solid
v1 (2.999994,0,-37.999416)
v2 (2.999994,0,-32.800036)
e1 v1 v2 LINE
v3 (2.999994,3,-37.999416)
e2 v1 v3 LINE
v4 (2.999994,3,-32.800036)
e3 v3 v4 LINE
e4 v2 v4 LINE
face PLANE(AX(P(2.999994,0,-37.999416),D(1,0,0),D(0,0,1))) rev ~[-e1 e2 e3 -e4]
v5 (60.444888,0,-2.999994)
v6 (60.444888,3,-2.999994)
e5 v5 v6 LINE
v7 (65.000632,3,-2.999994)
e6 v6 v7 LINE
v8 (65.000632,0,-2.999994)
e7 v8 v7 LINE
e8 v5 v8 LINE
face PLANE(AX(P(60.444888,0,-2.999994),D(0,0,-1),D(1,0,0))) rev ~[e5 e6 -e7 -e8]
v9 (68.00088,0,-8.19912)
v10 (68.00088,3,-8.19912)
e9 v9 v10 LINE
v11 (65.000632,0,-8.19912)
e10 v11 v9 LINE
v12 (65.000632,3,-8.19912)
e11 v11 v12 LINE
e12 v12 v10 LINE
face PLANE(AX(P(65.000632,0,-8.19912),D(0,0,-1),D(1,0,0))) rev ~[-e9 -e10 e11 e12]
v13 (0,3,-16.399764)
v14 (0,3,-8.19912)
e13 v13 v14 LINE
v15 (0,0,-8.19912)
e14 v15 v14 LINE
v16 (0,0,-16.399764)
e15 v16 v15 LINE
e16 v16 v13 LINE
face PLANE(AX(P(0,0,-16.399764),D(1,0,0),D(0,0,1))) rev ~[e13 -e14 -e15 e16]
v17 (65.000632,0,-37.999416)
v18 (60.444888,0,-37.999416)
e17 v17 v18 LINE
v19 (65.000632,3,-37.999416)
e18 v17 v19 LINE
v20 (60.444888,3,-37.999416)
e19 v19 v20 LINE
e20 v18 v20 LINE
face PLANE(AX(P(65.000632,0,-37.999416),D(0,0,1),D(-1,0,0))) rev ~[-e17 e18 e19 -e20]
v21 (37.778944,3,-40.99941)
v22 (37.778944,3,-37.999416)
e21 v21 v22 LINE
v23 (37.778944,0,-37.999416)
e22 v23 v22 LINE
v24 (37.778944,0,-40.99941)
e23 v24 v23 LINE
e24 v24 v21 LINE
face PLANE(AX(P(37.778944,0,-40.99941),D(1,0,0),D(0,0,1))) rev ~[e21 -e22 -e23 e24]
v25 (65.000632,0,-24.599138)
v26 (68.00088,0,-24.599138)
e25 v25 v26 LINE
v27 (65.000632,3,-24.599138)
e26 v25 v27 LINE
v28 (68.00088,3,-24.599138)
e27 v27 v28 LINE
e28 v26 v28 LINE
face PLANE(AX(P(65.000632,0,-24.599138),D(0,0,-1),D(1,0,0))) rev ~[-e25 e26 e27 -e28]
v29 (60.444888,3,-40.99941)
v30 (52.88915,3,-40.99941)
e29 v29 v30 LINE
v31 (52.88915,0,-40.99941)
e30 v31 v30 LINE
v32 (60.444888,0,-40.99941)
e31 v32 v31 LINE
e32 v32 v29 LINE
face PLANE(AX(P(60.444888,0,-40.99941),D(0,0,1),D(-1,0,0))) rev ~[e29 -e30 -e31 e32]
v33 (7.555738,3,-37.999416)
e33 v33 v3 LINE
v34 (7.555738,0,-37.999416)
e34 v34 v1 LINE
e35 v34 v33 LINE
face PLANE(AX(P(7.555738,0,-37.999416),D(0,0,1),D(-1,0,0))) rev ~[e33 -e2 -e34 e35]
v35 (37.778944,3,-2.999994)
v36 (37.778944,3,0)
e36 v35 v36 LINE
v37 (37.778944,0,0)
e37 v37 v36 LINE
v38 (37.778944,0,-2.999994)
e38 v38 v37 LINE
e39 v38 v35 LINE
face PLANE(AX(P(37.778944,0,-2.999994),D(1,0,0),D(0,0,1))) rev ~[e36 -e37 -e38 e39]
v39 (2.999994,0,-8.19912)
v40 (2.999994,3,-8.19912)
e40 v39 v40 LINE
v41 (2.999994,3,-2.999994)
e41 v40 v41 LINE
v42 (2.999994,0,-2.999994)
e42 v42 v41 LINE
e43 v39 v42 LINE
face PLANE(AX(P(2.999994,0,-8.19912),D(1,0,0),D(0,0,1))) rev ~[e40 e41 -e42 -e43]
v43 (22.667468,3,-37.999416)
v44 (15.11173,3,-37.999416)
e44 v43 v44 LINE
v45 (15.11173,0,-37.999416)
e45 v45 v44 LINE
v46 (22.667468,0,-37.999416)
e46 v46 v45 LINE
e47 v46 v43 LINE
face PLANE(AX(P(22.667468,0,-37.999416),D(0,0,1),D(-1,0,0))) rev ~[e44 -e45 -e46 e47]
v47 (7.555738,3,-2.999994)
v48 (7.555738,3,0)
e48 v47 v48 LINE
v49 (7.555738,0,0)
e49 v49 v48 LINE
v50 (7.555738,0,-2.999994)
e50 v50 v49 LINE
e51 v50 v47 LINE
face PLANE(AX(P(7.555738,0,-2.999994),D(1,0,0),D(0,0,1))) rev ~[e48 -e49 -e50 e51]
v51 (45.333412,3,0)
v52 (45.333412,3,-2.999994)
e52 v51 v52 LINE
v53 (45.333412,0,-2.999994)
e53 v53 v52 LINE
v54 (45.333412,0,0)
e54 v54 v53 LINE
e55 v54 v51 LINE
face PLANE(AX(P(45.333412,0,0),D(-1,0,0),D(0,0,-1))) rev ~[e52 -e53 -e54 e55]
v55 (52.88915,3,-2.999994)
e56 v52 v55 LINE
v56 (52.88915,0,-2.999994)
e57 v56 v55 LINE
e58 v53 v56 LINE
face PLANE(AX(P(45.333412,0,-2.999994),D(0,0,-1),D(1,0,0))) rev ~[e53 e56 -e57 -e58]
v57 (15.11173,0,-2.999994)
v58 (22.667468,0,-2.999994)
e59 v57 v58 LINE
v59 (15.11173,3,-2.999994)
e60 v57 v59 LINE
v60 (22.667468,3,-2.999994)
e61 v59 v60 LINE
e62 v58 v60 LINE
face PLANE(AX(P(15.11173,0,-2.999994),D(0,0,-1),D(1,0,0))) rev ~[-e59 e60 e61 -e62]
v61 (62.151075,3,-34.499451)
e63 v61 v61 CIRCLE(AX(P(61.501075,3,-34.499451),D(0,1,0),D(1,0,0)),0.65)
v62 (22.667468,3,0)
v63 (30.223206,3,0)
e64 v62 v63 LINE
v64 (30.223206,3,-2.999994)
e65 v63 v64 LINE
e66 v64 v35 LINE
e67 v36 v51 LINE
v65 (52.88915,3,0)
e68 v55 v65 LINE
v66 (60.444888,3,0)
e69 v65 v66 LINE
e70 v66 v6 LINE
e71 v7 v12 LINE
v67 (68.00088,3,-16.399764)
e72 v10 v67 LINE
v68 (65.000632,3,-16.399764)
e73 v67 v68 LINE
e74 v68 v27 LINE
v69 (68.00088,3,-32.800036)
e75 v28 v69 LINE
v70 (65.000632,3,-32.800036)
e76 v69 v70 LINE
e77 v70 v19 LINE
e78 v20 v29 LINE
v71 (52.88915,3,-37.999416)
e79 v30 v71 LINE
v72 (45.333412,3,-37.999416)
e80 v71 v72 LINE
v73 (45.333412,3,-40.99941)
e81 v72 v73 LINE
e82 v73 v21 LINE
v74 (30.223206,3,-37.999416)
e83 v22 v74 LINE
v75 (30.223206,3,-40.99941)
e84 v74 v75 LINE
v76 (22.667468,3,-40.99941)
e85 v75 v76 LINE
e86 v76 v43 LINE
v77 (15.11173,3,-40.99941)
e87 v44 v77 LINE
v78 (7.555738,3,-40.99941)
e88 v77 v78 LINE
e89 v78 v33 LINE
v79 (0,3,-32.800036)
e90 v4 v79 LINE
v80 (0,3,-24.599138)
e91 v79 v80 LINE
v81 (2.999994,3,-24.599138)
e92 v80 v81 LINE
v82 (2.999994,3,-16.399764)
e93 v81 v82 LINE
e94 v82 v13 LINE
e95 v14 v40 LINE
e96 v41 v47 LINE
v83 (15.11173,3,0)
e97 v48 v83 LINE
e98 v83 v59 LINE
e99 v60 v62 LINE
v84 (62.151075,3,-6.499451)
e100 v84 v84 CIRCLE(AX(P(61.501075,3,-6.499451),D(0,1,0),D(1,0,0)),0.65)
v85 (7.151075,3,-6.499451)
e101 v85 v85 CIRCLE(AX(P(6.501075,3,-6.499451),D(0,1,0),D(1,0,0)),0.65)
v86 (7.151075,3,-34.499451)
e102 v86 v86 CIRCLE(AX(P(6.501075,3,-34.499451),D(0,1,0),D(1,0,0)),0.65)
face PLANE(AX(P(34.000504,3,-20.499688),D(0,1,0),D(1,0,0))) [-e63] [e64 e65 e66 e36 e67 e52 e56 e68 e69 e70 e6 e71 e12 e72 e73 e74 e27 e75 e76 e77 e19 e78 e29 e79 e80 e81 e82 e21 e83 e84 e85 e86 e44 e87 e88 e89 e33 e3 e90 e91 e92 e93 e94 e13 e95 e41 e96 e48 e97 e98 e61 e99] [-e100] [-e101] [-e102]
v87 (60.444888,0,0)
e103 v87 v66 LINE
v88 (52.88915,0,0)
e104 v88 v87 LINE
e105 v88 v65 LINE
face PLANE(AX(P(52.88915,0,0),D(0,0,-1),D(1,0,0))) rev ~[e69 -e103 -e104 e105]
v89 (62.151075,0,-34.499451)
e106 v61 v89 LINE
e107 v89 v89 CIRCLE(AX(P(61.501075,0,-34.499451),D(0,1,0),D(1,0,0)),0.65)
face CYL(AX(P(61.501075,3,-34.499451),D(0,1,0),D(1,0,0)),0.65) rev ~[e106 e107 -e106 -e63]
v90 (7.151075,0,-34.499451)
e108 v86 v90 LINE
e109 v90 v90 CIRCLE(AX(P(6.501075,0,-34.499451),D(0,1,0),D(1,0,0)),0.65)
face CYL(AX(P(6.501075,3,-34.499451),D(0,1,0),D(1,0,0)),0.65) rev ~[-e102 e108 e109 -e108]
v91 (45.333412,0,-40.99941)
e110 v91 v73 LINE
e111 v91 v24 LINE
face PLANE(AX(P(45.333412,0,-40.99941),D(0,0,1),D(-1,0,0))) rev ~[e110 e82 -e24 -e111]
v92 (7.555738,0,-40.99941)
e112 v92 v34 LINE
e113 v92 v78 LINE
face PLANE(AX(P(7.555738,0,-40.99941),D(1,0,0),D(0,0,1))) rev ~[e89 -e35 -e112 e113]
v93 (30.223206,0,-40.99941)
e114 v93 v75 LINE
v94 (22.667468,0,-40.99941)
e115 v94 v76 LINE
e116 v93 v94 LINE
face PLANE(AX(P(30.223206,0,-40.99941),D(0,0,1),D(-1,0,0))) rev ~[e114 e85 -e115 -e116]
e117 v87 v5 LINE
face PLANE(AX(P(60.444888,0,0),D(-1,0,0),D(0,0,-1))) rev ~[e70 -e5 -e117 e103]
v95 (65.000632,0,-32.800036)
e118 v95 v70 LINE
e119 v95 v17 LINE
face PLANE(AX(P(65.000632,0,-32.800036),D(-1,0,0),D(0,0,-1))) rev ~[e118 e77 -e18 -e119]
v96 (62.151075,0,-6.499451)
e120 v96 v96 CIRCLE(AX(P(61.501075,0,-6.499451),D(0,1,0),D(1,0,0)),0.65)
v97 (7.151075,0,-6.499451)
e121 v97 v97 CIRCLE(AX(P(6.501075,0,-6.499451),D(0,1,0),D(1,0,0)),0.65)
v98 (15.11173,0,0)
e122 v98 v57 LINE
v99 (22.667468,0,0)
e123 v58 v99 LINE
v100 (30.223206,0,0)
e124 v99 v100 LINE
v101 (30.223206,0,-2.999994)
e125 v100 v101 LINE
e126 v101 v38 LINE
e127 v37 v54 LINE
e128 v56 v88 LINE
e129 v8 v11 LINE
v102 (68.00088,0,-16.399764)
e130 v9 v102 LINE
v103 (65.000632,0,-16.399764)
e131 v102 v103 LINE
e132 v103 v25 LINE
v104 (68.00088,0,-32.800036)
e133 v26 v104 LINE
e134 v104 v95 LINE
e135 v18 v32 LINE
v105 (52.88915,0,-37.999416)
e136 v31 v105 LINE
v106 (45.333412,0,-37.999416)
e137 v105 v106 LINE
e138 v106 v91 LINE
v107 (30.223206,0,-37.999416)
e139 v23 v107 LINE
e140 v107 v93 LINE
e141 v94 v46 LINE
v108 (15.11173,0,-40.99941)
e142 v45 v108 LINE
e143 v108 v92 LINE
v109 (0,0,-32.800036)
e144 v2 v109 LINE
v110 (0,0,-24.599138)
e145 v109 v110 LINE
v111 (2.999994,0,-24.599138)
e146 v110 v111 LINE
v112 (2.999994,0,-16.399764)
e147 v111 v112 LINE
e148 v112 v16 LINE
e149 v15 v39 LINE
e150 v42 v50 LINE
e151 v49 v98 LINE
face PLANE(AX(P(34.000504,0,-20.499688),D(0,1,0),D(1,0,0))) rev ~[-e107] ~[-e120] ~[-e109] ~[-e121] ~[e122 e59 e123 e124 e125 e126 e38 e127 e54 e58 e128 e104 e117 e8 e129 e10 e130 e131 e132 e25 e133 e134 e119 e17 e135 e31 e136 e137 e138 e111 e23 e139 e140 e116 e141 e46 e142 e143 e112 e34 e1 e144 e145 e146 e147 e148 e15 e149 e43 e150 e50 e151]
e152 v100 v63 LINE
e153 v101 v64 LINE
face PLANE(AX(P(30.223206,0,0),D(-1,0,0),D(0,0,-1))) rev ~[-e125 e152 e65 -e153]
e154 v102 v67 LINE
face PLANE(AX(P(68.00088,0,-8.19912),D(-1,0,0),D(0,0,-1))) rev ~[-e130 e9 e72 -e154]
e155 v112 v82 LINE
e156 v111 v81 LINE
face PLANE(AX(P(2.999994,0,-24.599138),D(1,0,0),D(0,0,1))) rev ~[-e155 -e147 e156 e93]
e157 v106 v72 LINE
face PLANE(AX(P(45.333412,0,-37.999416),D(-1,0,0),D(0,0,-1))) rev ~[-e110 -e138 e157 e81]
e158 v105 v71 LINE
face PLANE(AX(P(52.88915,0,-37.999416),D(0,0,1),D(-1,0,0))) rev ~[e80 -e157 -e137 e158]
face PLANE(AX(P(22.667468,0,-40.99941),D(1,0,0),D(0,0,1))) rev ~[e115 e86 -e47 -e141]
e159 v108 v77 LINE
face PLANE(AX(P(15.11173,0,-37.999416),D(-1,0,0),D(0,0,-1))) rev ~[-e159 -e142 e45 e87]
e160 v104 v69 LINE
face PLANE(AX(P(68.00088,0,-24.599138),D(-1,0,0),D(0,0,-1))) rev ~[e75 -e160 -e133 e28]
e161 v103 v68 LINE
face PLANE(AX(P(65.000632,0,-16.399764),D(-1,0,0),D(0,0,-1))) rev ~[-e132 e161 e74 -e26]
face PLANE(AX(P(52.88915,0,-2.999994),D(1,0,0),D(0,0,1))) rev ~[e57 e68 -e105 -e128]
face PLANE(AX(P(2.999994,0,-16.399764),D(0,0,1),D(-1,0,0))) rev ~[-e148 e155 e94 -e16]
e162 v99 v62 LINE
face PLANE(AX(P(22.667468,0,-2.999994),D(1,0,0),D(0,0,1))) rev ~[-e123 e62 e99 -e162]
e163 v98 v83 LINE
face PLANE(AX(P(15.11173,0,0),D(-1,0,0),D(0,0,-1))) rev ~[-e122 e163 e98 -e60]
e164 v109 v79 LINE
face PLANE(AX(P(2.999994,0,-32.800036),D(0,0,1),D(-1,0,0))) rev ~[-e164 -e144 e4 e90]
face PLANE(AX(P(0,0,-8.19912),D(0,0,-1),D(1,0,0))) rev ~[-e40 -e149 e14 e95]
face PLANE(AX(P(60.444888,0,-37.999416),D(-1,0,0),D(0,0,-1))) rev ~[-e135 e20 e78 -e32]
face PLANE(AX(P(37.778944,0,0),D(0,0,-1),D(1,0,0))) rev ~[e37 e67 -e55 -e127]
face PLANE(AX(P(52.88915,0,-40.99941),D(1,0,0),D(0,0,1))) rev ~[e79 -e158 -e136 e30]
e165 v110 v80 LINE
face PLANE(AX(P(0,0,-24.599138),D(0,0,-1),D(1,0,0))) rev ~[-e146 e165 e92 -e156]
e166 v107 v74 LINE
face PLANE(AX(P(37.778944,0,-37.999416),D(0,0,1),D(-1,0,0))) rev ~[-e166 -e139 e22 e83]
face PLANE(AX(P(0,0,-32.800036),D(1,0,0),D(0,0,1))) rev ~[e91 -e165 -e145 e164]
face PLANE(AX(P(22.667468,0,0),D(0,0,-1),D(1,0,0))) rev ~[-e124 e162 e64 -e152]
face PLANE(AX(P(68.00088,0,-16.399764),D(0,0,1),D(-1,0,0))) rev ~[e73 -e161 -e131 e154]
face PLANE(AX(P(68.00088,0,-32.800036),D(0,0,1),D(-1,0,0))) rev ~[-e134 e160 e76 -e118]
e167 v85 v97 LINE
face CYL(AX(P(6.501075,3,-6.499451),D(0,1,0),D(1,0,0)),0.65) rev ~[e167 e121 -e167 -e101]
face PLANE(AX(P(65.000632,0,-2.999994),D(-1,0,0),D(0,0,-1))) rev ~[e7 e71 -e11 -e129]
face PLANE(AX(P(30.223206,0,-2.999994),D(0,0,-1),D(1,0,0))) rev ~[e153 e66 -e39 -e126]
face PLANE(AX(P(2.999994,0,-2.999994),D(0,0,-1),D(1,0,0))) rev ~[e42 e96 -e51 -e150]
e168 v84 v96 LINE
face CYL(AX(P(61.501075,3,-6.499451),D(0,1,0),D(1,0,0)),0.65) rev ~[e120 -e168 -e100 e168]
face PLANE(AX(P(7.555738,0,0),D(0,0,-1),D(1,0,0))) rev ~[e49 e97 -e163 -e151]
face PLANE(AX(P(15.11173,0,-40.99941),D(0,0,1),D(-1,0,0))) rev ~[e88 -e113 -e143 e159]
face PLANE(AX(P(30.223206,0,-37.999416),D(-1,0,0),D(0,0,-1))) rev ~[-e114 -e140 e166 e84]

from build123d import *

# Parameters (mm, degrees)
AUFSATZ_LINEAR_AUSTRAGEN1_DEPTH = 3
SCHNITT_LINEAR_AUSTRAGEN1_REACH = 5
SKIZZE2_R                       = 0.65


with BuildPart() as part:
    # Skizze1 → Aufsatz-Linear austragen1 (new body)
    with BuildSketch(Plane(origin=(0, 0, 0), x_dir=(1, 0, 0), z_dir=(0, 1, 0))):
        Polygon((2.999994, 37.999416), (2.999994, 32.800036), (0, 32.800036), (0, 24.599138), (2.999994, 24.599138), (2.999994, 16.399764), (0, 16.399764), (0, 8.19912), (2.999994, 8.19912), (2.999994, 2.999994), (7.555738, 2.999994), (7.555738, 0), (15.11173, 0), (15.11173, 2.999994), (22.667468, 2.999994), (22.667468, 0), (30.223206, 0), (30.223206, 2.999994), (37.778944, 2.999994), (37.778944, 0), (45.333412, 0), (45.333412, 2.999994), (52.88915, 2.999994), (52.88915, 0), (60.444888, 0), (60.444888, 2.999994), (65.000632, 2.999994), (65.000632, 8.19912), (68.00088, 8.19912), (68.00088, 16.399764), (65.000632, 16.399764), (65.000632, 24.599138), (68.00088, 24.599138), (68.00088, 32.800036), (65.000632, 32.800036), (65.000632, 37.999416), (60.444888, 37.999416), (60.444888, 40.99941), (52.88915, 40.99941), (52.88915, 37.999416), (45.333412, 37.999416), (45.333412, 40.99941), (37.778944, 40.99941), (37.778944, 37.999416), (30.223206, 37.999416), (30.223206, 40.99941), (22.667468, 40.99941), (22.667468, 37.999416), (15.11173, 37.999416), (15.11173, 40.99941), (7.555738, 40.99941), (7.555738, 37.999416), align=None)
    extrude(amount=AUFSATZ_LINEAR_AUSTRAGEN1_DEPTH)

    # Skizze2 → Schnitt-Linear austragen1 (cut, up to next)
    with BuildSketch(Plane(origin=(0, 3, 0), x_dir=(1, 0, 0), z_dir=(0, 1, 0)), mode=Mode.PRIVATE) as schnitt_linear_austragen1_sk1:
        with Locations((6.501075, 34.499451)):
            Circle(SKIZZE2_R)
    schnitt_linear_austragen1_tool1 = extrude(schnitt_linear_austragen1_sk1.sketch, amount=-SCHNITT_LINEAR_AUSTRAGEN1_REACH, mode=Mode.PRIVATE) & part.part
    add(schnitt_linear_austragen1_tool1.solids().sort_by_distance((6.501075, 3, -34.499451))[0], mode=Mode.SUBTRACT)
    # Skizze2 → Schnitt-Linear austragen1 (cut, up to next)
    with BuildSketch(Plane(origin=(0, 3, 0), x_dir=(1, 0, 0), z_dir=(0, 1, 0)), mode=Mode.PRIVATE) as schnitt_linear_austragen1_sk2:
        with Locations((61.501075, 34.499451)):
            Circle(SKIZZE2_R)
    schnitt_linear_austragen1_tool2 = extrude(schnitt_linear_austragen1_sk2.sketch, amount=-SCHNITT_LINEAR_AUSTRAGEN1_REACH, mode=Mode.PRIVATE) & part.part
    add(schnitt_linear_austragen1_tool2.solids().sort_by_distance((61.501075, 3, -34.499451))[0], mode=Mode.SUBTRACT)
    # Skizze2 → Schnitt-Linear austragen1 (cut, up to next)
    with BuildSketch(Plane(origin=(0, 3, 0), x_dir=(1, 0, 0), z_dir=(0, 1, 0)), mode=Mode.PRIVATE) as schnitt_linear_austragen1_sk3:
        with Locations((61.501075, 6.499451)):
            Circle(SKIZZE2_R)
    schnitt_linear_austragen1_tool3 = extrude(schnitt_linear_austragen1_sk3.sketch, amount=-SCHNITT_LINEAR_AUSTRAGEN1_REACH, mode=Mode.PRIVATE) & part.part
    add(schnitt_linear_austragen1_tool3.solids().sort_by_distance((61.501075, 3, -6.499451))[0], mode=Mode.SUBTRACT)
    # Skizze2 → Schnitt-Linear austragen1 (cut, up to next)
    with BuildSketch(Plane(origin=(0, 3, 0), x_dir=(1, 0, 0), z_dir=(0, 1, 0)), mode=Mode.PRIVATE) as schnitt_linear_austragen1_sk4:
        with Locations((6.501075, 6.499451)):
            Circle(SKIZZE2_R)
    schnitt_linear_austragen1_tool4 = extrude(schnitt_linear_austragen1_sk4.sketch, amount=-SCHNITT_LINEAR_AUSTRAGEN1_REACH, mode=Mode.PRIVATE) & part.part
    add(schnitt_linear_austragen1_tool4.solids().sort_by_distance((6.501075, 3, -6.499451))[0], mode=Mode.SUBTRACT)


solid = part.part
